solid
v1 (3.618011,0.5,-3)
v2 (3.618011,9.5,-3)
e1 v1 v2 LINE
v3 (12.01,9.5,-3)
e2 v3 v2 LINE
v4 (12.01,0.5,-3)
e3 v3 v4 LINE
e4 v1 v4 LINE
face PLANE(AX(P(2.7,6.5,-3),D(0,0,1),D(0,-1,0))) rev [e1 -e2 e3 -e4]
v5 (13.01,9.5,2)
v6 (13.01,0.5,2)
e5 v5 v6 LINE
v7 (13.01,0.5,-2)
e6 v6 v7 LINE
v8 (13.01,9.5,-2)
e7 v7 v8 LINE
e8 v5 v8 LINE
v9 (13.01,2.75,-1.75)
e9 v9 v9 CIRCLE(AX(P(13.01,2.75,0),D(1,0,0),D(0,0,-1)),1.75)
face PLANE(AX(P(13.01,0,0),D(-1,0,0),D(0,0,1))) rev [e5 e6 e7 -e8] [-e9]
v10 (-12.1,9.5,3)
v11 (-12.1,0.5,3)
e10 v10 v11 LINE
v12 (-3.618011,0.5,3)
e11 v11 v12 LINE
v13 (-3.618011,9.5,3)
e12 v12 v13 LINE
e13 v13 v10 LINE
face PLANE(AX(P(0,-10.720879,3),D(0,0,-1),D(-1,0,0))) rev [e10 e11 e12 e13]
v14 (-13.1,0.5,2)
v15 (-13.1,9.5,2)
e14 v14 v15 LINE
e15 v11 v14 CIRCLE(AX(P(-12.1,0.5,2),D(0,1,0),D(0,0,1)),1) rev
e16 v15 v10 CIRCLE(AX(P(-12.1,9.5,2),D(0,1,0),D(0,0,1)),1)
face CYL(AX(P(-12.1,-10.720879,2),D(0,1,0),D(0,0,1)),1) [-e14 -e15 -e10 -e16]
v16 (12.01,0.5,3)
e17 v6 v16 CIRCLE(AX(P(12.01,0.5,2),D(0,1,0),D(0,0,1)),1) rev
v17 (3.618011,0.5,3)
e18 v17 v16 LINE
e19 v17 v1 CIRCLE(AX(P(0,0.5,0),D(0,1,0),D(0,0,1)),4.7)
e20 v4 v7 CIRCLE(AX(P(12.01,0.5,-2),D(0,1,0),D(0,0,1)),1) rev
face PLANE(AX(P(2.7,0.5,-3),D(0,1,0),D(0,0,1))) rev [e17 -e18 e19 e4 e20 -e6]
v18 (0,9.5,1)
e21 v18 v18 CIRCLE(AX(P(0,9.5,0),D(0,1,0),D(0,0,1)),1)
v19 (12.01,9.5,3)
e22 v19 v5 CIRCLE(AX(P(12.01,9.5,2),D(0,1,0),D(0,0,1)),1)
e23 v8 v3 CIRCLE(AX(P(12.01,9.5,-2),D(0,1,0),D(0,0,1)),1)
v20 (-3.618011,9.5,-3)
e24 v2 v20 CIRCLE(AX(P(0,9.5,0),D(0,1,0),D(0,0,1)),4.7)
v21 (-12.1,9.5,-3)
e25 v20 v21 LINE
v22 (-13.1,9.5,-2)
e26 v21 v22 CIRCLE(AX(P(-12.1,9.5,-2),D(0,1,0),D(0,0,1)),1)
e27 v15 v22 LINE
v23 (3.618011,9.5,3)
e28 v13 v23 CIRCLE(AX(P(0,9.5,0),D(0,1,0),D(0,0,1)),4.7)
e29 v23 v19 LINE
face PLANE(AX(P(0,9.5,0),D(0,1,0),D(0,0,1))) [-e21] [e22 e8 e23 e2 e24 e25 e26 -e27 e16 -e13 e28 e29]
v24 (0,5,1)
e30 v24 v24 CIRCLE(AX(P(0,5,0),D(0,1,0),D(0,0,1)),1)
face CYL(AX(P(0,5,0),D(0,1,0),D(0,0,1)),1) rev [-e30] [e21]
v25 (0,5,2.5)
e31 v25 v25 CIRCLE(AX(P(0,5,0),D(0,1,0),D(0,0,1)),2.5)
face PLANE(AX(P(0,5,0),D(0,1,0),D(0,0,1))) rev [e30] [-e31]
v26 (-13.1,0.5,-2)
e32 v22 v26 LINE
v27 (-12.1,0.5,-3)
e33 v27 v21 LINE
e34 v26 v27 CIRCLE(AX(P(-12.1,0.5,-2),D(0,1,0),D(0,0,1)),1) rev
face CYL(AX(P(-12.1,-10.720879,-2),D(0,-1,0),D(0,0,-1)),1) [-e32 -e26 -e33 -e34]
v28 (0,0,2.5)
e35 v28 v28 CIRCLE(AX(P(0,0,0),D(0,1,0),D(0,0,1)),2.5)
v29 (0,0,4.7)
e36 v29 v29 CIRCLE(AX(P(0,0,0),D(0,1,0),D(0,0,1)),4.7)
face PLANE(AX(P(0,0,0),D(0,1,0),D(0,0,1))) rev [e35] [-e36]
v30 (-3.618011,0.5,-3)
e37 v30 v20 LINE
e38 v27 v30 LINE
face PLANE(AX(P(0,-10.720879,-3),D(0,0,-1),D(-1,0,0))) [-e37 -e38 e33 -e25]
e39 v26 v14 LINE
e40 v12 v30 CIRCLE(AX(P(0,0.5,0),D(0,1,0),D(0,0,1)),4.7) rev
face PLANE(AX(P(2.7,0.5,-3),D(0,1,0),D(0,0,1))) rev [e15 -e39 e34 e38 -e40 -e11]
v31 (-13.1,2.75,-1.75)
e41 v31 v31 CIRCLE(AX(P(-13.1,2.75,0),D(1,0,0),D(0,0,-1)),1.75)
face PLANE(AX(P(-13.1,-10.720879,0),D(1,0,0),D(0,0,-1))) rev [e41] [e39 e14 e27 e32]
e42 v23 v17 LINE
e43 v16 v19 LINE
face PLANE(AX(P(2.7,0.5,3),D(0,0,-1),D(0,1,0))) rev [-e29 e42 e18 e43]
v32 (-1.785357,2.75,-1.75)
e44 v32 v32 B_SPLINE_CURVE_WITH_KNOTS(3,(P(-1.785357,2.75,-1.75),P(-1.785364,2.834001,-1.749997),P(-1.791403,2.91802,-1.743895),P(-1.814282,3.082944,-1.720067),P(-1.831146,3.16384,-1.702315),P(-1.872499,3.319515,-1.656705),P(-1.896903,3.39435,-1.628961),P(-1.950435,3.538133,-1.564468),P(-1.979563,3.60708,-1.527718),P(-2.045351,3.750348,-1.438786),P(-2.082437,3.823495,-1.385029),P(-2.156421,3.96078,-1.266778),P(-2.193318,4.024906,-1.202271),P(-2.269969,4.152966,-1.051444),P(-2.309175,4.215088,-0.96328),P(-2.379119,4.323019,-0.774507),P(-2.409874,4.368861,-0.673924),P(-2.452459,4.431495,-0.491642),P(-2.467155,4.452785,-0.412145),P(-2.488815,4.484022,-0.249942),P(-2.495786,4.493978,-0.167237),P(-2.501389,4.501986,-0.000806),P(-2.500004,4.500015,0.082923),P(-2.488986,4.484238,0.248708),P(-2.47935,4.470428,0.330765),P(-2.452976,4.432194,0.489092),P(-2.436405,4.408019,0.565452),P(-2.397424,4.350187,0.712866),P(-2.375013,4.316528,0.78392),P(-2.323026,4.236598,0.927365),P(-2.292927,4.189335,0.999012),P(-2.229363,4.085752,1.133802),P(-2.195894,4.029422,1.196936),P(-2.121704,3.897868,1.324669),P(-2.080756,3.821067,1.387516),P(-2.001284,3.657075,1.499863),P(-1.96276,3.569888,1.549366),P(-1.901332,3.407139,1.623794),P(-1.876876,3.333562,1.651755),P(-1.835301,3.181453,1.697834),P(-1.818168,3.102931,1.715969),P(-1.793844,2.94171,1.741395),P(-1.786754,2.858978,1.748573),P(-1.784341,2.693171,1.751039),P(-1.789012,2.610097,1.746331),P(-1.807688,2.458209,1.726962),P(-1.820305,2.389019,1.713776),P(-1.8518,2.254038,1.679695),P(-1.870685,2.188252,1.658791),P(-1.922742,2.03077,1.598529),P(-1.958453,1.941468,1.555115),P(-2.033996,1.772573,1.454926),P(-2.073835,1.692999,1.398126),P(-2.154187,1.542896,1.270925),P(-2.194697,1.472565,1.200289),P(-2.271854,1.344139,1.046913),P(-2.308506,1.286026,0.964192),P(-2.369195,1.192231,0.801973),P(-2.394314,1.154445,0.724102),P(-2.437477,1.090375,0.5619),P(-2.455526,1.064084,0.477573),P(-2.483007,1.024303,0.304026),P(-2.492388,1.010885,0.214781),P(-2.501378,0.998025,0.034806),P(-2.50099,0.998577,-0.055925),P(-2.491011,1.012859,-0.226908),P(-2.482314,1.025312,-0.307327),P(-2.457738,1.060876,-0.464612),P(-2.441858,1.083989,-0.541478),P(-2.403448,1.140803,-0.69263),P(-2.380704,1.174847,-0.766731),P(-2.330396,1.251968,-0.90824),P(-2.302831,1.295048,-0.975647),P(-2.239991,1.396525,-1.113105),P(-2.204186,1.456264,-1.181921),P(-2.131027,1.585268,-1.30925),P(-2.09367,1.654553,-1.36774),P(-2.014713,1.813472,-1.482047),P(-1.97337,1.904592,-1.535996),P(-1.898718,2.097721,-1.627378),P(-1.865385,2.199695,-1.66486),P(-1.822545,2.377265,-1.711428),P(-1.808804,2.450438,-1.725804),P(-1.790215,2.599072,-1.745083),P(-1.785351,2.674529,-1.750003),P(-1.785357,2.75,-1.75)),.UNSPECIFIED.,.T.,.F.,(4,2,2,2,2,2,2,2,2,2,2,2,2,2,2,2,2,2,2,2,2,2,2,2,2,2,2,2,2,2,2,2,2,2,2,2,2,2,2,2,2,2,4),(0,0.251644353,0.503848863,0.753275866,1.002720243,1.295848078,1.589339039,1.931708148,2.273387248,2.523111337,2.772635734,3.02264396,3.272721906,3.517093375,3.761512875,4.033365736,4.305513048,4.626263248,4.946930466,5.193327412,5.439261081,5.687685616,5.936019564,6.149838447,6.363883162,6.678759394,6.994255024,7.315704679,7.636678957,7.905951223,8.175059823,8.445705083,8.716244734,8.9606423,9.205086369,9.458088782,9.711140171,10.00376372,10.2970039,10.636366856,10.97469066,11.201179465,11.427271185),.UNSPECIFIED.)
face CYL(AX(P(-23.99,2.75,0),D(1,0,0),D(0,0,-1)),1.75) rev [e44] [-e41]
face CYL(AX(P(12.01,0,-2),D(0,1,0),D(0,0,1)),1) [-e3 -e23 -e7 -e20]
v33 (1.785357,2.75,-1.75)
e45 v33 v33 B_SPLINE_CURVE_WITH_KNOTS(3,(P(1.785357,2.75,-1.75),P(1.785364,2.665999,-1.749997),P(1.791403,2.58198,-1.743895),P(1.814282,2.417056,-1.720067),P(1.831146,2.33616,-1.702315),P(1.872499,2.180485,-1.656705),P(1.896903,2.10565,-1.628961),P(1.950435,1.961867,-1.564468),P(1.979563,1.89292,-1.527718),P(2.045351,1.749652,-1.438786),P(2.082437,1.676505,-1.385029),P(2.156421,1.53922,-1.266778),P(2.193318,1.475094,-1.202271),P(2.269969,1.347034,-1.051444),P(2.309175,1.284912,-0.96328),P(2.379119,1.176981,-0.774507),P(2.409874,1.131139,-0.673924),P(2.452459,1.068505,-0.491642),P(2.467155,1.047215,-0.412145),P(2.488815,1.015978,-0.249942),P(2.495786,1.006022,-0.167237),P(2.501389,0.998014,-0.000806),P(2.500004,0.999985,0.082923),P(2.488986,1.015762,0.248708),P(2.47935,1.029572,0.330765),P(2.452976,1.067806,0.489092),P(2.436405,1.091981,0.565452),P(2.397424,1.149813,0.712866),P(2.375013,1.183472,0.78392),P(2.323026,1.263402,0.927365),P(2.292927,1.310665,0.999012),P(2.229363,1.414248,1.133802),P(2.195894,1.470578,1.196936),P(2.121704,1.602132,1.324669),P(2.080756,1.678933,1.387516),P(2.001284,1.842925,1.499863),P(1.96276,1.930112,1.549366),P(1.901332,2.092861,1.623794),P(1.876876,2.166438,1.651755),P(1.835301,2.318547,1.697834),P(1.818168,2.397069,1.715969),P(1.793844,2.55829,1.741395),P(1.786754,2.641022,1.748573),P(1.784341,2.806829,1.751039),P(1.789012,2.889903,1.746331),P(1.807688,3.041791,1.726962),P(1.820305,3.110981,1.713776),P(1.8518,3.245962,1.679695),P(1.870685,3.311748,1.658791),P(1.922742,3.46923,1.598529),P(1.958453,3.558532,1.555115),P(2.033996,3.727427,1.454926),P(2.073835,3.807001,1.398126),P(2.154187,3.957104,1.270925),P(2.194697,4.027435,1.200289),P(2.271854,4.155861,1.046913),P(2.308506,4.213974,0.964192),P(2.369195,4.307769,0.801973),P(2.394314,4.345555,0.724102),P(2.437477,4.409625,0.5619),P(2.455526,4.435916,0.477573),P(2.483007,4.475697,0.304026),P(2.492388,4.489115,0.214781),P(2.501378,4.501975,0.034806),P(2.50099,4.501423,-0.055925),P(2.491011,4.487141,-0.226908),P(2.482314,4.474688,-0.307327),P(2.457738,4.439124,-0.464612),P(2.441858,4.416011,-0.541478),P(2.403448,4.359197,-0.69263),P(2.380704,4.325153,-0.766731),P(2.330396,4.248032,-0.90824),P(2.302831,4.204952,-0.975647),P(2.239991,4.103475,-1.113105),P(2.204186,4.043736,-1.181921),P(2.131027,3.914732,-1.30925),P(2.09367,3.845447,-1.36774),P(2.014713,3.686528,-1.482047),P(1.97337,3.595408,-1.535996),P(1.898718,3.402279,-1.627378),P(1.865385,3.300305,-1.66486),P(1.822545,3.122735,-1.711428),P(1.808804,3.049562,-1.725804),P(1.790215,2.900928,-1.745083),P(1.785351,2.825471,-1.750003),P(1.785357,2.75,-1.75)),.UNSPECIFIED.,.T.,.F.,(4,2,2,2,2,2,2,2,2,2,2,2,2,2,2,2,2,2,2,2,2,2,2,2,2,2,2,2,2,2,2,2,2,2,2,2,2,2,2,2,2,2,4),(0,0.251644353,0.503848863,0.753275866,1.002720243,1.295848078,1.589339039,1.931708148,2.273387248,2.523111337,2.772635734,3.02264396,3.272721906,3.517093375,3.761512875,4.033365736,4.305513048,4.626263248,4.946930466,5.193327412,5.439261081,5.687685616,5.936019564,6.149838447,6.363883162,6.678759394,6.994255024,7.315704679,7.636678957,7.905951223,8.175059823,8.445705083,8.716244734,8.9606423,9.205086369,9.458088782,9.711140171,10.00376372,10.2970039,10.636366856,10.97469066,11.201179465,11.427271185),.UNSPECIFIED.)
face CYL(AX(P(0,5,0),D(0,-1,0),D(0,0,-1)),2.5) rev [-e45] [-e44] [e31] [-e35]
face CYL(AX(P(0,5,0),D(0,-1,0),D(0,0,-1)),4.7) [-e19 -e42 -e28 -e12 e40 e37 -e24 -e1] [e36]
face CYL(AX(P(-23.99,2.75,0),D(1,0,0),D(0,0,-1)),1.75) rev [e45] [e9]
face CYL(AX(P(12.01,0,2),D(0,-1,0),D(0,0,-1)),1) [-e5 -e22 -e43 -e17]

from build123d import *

# Parameters (mm, degrees)
SKETCH1_R           = 4.7
SKETCH1_R_2         = 2.5
BOSS_EXTRUDE1_DEPTH = 5
SKETCH2_R           = 4.7
BOSS_EXTRUDE2_DEPTH = 4.5
SKETCH3_R           = 1
CUT_EXTRUDE1_DEPTH  = 4.5
SKETCH6_W           = 6
SKETCH6_H           = 6
BOSS_EXTRUDE3_DEPTH = 8.31
SKETCH7_W           = 6
SKETCH7_H           = 6
BOSS_EXTRUDE4_DEPTH = 2
FILLET1_R           = 1
BOSS_EXTRUDE5_DEPTH = 3
BOSS_EXTRUDE6_DEPTH = 9
FILLET2_R           = 1
SKETCH8_R           = 1.75
CUT_EXTRUDE6_DEPTH  = 37


with BuildPart() as part:
    # Sketch1 → Boss-Extrude1 (new body)
    with BuildSketch(Plane(origin=(0, 0, 0), x_dir=(1, 0, 0), z_dir=(0, 1, 0))):
        with Locations(Location((0, 0, 0), (0, 0, 270))):
            Circle(SKETCH1_R)
        with Locations(Location((0, 0, 0), (0, 0, 270))):
            Circle(SKETCH1_R_2, mode=Mode.SUBTRACT)
    extrude(amount=BOSS_EXTRUDE1_DEPTH)

    # Sketch2 → Boss-Extrude2 (add)
    with BuildSketch(Plane(origin=(0, 5, 0), x_dir=(1, 0, 0), z_dir=(0, 1, 0))):
        with Locations(Location((0, 0, 0), (0, 0, 270))):
            Circle(SKETCH2_R)
    extrude(amount=BOSS_EXTRUDE2_DEPTH)

    # Sketch3 → Cut-Extrude1 (cut)
    with BuildSketch(Plane(origin=(0, 9.5, 0), x_dir=(1, 0, 0), z_dir=(0, 1, 0))):
        with Locations(Location((0, 0, 0), (0, 0, 270))):
            Circle(SKETCH3_R)
    extrude(amount=-CUT_EXTRUDE1_DEPTH, mode=Mode.SUBTRACT)



with BuildPart() as body_2:
    # Sketch6 → Boss-Extrude3 (new body)
    with BuildSketch(Plane(origin=(4.7, 0, 0), x_dir=(0, 0, -1), z_dir=(1, 0, 0))):
        with Locations((0, 3.5)):
            Rectangle(SKETCH6_W, SKETCH6_H)
    extrude(amount=BOSS_EXTRUDE3_DEPTH)


with BuildPart() as part_1:
    add(part.part)

    add(body_2.part)  # Boss-Extrude4 merges body 2
    # Sketch7 → Boss-Extrude4 (add)
    with BuildSketch(Plane.ZY.offset(-4.7)):
        with Locations((0, 3.5)):
            Rectangle(SKETCH7_W, SKETCH7_H)
    extrude(amount=BOSS_EXTRUDE4_DEPTH)

    # Fillet1
    fillet1_edges = [part_1.edges().sort_by_distance(p)[0] for p in [
        (13.01, 3.5, -3),
        (13.01, 3.5, 3),
    ]]
    fillet(fillet1_edges, radius=FILLET1_R)

    # Sketch9 → Boss-Extrude5 (add)
    with BuildSketch(Plane(origin=(0, 6.5, 0), x_dir=(1, 0, 0), z_dir=(0, 1, 0))):
        with BuildLine():
            Line((13.01, -2), (13.01, 2))
            ThreePointArc((13.01, 2), (12.717106781, 2.707106781), (12.01, 3))
            Line((12.01, 3), (3.618010503, 3))
            ThreePointArc((3.618010503, 3), (4.7, 0), (3.618010503, -3))
            Line((3.618010503, -3), (12.01, -3))
            ThreePointArc((12.01, -3), (12.717106781, -2.707106781), (13.01, -2))
        make_face()
    extrude(amount=BOSS_EXTRUDE5_DEPTH)

    # Sketch10 → Boss-Extrude6 (add)
    with BuildSketch(Plane(origin=(0, 9.5, 0), x_dir=(1, 0, 0), z_dir=(0, 1, 0))):
        with BuildLine():
            Line((-13.1, -3), (-3.354101966, -3))
            ThreePointArc((-3.354101966, -3), (-4.5, 0), (-3.354101966, 3))
            Line((-3.354101966, 3), (-13.1, 3))
            Line((-13.1, 3), (-13.1, -3))
        make_face()
    extrude(amount=-BOSS_EXTRUDE6_DEPTH)

    # Fillet2
    fillet2_edges = [part_1.edges().sort_by_distance(p)[0] for p in [
        (-13.1, 5, -3),
        (-13.1, 5, 3),
    ]]
    fillet(fillet2_edges, radius=FILLET2_R)

    # Sketch8 → Cut-Extrude6 (cut)
    with BuildSketch(Plane(origin=(13.01, 0, 0), x_dir=(0, 0, -1), z_dir=(1, 0, 0))):
        with Locations((0, 2.75)):
            Circle(SKETCH8_R)
    extrude(amount=-CUT_EXTRUDE6_DEPTH, mode=Mode.SUBTRACT)


solid = part_1.part
